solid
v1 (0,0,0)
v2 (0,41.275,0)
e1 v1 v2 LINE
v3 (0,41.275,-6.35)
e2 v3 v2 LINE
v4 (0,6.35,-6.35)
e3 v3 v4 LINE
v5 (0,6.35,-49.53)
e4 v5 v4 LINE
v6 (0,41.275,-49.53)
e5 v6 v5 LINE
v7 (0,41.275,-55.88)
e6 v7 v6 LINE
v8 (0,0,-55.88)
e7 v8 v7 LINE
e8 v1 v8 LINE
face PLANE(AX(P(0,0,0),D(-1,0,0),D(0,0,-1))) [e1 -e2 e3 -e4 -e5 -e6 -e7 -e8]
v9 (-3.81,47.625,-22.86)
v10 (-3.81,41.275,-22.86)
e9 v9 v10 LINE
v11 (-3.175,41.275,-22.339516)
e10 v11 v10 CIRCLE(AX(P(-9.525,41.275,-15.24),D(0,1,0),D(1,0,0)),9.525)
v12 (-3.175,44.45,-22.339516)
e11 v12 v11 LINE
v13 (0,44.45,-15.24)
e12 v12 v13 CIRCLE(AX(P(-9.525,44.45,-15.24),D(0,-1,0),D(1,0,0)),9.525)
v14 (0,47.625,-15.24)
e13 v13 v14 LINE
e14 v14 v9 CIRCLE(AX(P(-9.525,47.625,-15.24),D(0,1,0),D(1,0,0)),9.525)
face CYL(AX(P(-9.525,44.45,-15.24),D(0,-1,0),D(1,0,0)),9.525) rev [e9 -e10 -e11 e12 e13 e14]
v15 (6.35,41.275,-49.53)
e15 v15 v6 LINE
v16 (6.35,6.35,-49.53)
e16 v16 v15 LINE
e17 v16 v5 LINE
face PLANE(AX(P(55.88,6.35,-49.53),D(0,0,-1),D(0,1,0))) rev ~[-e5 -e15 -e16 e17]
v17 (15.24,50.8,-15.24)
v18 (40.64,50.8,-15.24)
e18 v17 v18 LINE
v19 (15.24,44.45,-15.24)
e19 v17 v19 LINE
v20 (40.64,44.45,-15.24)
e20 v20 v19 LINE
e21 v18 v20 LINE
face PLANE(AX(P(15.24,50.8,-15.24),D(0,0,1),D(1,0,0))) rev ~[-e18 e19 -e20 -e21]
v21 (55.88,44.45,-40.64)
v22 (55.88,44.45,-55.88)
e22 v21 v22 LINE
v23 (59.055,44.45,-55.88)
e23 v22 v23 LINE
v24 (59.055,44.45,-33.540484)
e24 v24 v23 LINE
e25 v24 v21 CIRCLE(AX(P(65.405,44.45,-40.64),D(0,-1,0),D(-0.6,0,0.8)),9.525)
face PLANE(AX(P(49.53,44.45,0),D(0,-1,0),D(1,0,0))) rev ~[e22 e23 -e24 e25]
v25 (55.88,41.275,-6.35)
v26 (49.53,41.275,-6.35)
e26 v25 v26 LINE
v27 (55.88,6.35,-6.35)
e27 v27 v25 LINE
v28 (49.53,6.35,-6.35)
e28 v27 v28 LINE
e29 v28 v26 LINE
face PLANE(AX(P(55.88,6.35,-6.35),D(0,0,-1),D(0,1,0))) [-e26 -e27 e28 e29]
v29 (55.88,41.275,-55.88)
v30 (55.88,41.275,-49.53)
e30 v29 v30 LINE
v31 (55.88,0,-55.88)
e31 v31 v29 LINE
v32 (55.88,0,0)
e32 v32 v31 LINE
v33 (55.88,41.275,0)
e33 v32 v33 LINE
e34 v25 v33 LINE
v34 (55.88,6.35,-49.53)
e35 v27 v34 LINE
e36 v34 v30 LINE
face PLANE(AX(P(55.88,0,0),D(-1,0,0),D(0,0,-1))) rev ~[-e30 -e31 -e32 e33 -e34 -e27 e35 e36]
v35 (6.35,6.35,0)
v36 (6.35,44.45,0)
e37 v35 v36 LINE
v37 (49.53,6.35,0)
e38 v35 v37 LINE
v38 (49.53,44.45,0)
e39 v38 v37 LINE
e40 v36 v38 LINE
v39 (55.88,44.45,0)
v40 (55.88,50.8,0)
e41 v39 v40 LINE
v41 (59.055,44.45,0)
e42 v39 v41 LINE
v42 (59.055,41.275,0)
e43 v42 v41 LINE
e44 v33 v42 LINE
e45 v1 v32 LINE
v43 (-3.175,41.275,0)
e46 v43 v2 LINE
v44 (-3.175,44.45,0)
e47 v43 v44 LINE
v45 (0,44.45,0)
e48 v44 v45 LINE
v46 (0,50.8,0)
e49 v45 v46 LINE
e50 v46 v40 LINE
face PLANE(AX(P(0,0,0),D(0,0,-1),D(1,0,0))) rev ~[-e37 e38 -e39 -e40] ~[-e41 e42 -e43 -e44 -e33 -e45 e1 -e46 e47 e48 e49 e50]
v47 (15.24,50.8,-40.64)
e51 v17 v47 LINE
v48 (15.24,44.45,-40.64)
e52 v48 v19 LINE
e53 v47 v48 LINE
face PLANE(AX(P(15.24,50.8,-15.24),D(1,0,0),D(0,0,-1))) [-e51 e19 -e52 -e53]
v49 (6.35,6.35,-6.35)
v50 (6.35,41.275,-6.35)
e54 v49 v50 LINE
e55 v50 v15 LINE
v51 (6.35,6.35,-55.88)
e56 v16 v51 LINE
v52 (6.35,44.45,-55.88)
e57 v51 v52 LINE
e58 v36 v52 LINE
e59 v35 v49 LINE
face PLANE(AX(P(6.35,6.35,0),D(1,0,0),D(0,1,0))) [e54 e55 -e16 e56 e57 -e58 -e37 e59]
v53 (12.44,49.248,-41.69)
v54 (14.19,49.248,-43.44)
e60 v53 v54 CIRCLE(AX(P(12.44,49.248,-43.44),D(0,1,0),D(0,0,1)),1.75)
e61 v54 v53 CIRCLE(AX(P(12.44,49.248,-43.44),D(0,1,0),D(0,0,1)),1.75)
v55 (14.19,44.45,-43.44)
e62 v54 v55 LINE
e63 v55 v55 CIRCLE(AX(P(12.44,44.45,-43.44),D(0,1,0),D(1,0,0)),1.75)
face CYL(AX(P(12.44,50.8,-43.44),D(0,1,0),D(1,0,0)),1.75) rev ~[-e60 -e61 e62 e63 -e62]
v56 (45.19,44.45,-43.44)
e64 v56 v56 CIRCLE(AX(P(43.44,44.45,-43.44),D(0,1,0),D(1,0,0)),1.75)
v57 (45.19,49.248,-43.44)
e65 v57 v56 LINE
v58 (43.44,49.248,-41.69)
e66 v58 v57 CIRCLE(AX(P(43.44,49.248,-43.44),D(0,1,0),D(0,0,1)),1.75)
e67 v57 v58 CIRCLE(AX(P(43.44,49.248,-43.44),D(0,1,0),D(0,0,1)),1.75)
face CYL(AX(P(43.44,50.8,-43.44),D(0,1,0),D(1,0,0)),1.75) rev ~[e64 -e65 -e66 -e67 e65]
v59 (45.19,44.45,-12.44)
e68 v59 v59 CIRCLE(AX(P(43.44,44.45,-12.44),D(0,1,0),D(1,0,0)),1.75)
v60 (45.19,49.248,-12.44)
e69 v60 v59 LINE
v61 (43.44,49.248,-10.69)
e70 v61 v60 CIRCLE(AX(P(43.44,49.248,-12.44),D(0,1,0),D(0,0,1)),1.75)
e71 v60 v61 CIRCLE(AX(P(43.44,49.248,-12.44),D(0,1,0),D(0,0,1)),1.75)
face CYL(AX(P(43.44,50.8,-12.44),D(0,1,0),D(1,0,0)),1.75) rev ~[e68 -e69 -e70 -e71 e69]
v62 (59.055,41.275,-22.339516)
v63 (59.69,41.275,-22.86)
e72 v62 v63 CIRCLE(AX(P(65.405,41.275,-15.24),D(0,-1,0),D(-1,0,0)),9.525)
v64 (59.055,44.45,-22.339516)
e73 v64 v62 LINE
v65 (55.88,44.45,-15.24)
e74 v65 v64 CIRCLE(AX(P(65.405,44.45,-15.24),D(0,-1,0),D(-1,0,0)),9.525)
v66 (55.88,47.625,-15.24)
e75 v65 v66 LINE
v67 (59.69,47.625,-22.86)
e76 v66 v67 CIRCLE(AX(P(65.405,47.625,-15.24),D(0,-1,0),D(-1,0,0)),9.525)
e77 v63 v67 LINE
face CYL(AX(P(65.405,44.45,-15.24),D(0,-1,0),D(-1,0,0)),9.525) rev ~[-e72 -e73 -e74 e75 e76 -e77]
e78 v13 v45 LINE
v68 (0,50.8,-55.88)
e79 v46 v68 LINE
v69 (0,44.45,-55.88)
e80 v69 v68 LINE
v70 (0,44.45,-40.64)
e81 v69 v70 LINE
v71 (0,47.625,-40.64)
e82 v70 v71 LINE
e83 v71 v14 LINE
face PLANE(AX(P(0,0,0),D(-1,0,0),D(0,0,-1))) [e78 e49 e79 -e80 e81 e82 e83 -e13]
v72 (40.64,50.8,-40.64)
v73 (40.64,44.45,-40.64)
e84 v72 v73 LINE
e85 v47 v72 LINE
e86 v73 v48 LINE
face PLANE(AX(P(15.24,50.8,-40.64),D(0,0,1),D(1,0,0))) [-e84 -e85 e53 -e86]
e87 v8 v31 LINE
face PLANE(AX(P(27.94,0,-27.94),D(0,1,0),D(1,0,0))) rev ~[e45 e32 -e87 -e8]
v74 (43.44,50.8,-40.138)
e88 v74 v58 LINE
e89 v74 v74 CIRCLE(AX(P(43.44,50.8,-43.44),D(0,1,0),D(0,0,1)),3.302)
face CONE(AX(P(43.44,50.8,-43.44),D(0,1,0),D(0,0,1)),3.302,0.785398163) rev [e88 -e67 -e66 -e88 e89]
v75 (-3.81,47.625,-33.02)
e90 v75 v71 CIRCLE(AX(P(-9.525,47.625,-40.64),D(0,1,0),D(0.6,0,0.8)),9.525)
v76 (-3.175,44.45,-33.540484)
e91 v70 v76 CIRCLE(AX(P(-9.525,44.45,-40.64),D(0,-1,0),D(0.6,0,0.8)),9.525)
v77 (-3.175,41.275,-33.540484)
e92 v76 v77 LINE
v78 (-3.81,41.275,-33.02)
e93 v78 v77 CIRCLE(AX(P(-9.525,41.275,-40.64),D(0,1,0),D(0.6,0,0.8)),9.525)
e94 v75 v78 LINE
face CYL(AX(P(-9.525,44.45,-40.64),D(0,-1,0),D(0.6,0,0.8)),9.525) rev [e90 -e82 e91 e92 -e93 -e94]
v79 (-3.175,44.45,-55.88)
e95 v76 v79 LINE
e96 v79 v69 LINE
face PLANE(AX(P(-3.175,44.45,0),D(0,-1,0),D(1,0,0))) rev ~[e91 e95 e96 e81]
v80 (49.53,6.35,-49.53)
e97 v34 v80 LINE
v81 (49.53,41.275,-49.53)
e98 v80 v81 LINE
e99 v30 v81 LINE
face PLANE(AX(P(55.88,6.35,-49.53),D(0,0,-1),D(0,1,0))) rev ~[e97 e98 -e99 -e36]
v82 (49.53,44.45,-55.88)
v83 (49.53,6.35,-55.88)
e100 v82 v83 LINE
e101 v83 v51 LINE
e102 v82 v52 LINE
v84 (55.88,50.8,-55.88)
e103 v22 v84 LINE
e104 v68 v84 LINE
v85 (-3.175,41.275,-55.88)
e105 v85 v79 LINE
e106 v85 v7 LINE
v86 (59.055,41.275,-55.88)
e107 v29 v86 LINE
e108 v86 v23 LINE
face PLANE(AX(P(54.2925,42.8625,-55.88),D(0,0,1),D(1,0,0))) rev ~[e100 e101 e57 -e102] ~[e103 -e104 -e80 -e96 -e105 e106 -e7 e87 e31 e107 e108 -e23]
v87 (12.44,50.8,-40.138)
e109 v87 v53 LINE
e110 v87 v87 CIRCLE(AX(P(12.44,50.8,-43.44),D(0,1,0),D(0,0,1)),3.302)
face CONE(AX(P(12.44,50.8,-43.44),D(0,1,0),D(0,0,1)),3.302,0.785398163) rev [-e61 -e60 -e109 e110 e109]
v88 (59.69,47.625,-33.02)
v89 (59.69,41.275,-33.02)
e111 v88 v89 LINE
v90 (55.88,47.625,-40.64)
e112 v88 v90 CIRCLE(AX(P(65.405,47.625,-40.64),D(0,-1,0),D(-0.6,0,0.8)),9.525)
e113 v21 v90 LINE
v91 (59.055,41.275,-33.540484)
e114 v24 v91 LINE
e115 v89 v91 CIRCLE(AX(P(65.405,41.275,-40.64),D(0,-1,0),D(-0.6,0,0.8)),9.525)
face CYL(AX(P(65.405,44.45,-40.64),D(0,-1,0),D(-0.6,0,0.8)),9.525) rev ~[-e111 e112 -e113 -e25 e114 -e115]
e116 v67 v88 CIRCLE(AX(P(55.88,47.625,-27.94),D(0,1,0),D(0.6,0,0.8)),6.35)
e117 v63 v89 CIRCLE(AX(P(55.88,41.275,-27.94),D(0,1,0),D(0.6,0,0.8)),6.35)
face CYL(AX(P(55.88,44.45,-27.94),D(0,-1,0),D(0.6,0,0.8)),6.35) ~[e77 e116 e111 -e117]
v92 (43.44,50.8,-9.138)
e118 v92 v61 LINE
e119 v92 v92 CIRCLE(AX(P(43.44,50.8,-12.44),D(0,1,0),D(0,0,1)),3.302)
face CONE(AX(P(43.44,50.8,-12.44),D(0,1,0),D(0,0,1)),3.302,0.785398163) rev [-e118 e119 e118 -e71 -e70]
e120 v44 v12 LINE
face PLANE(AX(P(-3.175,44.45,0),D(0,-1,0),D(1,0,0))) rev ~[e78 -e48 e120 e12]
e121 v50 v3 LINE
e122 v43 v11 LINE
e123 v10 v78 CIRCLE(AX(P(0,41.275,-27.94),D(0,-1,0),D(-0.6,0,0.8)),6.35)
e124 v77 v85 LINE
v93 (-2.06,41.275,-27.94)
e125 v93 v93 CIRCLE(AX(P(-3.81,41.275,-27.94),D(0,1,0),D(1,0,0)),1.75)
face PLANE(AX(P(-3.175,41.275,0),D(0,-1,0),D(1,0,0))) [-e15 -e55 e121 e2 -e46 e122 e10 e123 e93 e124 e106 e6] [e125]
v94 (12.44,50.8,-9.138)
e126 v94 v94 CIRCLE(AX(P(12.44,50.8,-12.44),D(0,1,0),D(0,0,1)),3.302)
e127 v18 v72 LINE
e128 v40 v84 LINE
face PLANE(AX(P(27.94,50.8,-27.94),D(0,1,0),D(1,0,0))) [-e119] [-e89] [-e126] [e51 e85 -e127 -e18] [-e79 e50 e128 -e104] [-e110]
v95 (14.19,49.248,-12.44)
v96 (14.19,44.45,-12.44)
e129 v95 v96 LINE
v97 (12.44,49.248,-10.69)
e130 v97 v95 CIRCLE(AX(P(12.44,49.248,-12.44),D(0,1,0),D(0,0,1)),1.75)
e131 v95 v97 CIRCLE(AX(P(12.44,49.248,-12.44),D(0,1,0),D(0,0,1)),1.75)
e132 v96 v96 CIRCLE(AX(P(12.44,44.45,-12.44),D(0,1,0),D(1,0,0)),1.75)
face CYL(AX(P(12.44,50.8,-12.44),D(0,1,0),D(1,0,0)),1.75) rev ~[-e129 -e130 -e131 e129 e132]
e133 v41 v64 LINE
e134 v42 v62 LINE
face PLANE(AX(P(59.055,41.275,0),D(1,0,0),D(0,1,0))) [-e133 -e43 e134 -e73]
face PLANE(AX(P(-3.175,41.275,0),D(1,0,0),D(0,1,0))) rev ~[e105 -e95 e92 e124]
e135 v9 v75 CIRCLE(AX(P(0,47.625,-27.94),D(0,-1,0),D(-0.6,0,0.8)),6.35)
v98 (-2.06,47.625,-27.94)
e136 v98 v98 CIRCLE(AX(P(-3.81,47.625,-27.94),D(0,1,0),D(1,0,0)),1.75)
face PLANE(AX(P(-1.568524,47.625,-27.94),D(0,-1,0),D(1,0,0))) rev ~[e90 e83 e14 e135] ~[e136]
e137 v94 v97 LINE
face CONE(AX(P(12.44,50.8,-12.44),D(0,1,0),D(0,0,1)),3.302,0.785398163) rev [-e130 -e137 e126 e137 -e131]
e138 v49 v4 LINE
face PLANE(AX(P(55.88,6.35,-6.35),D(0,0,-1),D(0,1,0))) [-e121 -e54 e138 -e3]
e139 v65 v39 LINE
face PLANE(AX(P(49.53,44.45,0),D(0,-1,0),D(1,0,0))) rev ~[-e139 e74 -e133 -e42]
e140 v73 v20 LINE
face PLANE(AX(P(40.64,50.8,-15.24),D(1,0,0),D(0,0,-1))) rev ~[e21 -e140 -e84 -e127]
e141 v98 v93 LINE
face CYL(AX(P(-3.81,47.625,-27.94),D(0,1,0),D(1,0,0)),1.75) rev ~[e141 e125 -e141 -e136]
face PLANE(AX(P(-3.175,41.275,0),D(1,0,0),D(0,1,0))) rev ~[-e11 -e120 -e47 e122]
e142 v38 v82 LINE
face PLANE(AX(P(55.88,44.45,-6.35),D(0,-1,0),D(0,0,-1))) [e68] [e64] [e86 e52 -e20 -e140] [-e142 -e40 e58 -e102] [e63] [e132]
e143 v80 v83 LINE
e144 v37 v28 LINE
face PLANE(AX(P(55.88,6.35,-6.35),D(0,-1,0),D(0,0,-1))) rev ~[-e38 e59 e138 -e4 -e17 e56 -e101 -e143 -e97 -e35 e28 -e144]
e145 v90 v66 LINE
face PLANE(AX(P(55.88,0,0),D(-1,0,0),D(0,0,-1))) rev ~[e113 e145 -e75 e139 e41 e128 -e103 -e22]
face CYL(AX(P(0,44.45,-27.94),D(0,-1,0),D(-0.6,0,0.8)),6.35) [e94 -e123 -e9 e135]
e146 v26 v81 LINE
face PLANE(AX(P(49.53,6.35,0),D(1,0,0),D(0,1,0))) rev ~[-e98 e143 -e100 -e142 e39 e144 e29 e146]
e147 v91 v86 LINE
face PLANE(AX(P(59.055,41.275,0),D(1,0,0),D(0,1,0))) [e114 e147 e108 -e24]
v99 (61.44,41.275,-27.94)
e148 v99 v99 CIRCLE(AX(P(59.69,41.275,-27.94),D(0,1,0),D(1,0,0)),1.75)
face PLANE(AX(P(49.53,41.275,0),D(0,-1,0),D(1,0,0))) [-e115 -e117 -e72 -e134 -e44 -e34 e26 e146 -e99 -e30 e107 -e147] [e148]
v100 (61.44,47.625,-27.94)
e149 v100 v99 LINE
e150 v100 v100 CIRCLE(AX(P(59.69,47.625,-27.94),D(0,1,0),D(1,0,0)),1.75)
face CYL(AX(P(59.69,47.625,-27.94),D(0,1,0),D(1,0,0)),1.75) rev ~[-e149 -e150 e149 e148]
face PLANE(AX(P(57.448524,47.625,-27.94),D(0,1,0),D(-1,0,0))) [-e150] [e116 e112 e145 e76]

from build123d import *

# Parameters (mm, degrees)
SKETCH1_W                = 55.88
SKETCH1_H                = 55.88
BOSS_EXTRUDE1_DEPTH      = 50.8
SKETCH2_W                = 43.18
SKETCH2_H                = 38.1
CUT_EXTRUDE1_DEPTH       = 56.88
SKETCH3_W                = 43.18
SKETCH3_H                = 38.1
CUT_EXTRUDE2_DEPTH       = 56.88
SKETCH4_R                = 1.75
SKETCH4_W                = 25.4
SKETCH4_H                = 25.4
CUT_EXTRUDE3_DEPTH       = 44.45
BOSS_EXTRUDE2_DEPTH      = 3.175
BOSS_EXTRUDE2_DEPTH_BACK = 3.175
SKETCH10_W               = 9.525
SKETCH10_H               = 3.175
BOSS_EXTRUDE5_DEPTH      = 55.88
SKETCH11_R               = 1.75
CUT_EXTRUDE4_DEPTH       = 48.625


with BuildPart() as part:
    # Sketch1 → Boss-Extrude1 (new body)
    with BuildSketch(Plane(origin=(0, 0, 0), x_dir=(1, 0, 0), z_dir=(0, 1, 0))):
        with Locations((27.94, 27.94)):
            Rectangle(SKETCH1_W, SKETCH1_H)
    extrude(amount=BOSS_EXTRUDE1_DEPTH)

    # Sketch2 → Cut-Extrude1 (cut, through all)
    with BuildSketch(Plane.XY):
        with Locations((27.94, 25.4)):
            Rectangle(SKETCH2_W, SKETCH2_H)
    extrude(amount=-CUT_EXTRUDE1_DEPTH, mode=Mode.SUBTRACT)

    # Sketch3 → Cut-Extrude2 (cut, through all)
    with BuildSketch(Plane(origin=(55.88, 0, 0), x_dir=(0, 0, -1), z_dir=(1, 0, 0))):
        with Locations((27.94, 25.4)):
            Rectangle(SKETCH3_W, SKETCH3_H)
    extrude(amount=-CUT_EXTRUDE2_DEPTH, mode=Mode.SUBTRACT)

    # Sketch4 → Cut-Extrude3 (cut)
    with BuildSketch(Plane(origin=(0, 50.8, 0), x_dir=(1, 0, 0), z_dir=(0, 1, 0))):
        with Locations((43.44, 43.44)):
            Circle(SKETCH4_R)
        with Locations((43.44, 12.44)):
            Circle(SKETCH4_R)
        with Locations((12.44, 12.44)):
            Circle(SKETCH4_R)
        with Locations((12.44, 43.44)):
            Circle(SKETCH4_R)
        with Locations((27.94, 27.94)):
            Rectangle(SKETCH4_W, SKETCH4_H)
    extrude(amount=-CUT_EXTRUDE3_DEPTH, mode=Mode.SUBTRACT)

    # Sketch5 → Cut-Revolve1 (revolve, cut)
    with BuildSketch(Plane(origin=(12.44, 0, 0), x_dir=(0, 0, -1), z_dir=(1, 0, 0))):
        Polygon((43.44, 50.8), (40.138, 50.8), (43.44, 47.498), align=None)
    revolve(axis=Axis((12.44, 47.498, -43.44), (0, 1, 0)), mode=Mode.SUBTRACT)

    # Sketch6 → Cut-Revolve2 (revolve, cut)
    with BuildSketch(Plane(origin=(12.44, 0, 0), x_dir=(0, 0, -1), z_dir=(1, 0, 0))):
        Polygon((12.44, 50.8), (9.138, 50.8), (12.44, 47.498), align=None)
    revolve(axis=Axis((12.44, 47.498, -12.44), (0, 1, 0)), mode=Mode.SUBTRACT)

    # Sketch7 → Cut-Revolve3 (revolve, cut)
    with BuildSketch(Plane(origin=(43.44, 0, 0), x_dir=(0, 0, -1), z_dir=(1, 0, 0))):
        Polygon((43.44, 50.8), (40.138, 50.8), (43.44, 47.498), align=None)
    revolve(axis=Axis((43.44, 47.498, -43.44), (0, 1, 0)), mode=Mode.SUBTRACT)

    # Sketch8 → Cut-Revolve4 (revolve, cut)
    with BuildSketch(Plane(origin=(43.44, 0, 0), x_dir=(0, 0, -1), z_dir=(1, 0, 0))):
        Polygon((12.44, 50.8), (9.138, 50.8), (12.44, 47.498), align=None)
    revolve(axis=Axis((43.44, 47.498, -12.44), (0, 1, 0)), mode=Mode.SUBTRACT)

    # Sketch9 → Boss-Extrude2 (add, two sides)
    with BuildSketch(Plane.XZ.offset(-44.45)) as boss_extrude2_sk:
        with BuildLine():
            Line((0, -40.64), (0, -15.24))
            ThreePointArc((0, -15.24), (-1.005581006, -19.499709497), (-3.81, -22.86))
            ThreePointArc((-3.81, -22.86), (-6.35, -27.94), (-3.81, -33.02))
            ThreePointArc((-3.81, -33.02), (-1.005581006, -36.380290503), (0, -40.64))
        make_face()
        with BuildLine():
            Line((55.88, -40.64), (55.88, -15.24))
            ThreePointArc((55.88, -15.24), (56.885581006, -19.499709497), (59.69, -22.86))
            ThreePointArc((59.69, -22.86), (62.23, -27.94), (59.69, -33.02))
            ThreePointArc((59.69, -33.02), (56.885581006, -36.380290503), (55.88, -40.64))
        make_face()
    extrude(amount=BOSS_EXTRUDE2_DEPTH)
    extrude(boss_extrude2_sk.sketch, amount=-BOSS_EXTRUDE2_DEPTH_BACK)

    # Sketch10 → Boss-Extrude5 (add)
    with BuildSketch(Plane.XY):
        with Locations((54.2925, 42.8625)):
            Rectangle(SKETCH10_W, SKETCH10_H)
        with Locations((1.5875, 42.8625)):
            Rectangle(SKETCH10_W, SKETCH10_H)
    extrude(amount=-BOSS_EXTRUDE5_DEPTH)

    # Sketch11 → Cut-Extrude4 (cut, through all)
    with BuildSketch(Plane(origin=(0, 47.625, 0), x_dir=(1, 0, 0), z_dir=(0, 1, 0))):
        with Locations((-3.81, 27.94)):
            Circle(SKETCH11_R)
        with Locations((59.69, 27.94)):
            Circle(SKETCH11_R)
    extrude(amount=-CUT_EXTRUDE4_DEPTH, mode=Mode.SUBTRACT)


solid = part.part
